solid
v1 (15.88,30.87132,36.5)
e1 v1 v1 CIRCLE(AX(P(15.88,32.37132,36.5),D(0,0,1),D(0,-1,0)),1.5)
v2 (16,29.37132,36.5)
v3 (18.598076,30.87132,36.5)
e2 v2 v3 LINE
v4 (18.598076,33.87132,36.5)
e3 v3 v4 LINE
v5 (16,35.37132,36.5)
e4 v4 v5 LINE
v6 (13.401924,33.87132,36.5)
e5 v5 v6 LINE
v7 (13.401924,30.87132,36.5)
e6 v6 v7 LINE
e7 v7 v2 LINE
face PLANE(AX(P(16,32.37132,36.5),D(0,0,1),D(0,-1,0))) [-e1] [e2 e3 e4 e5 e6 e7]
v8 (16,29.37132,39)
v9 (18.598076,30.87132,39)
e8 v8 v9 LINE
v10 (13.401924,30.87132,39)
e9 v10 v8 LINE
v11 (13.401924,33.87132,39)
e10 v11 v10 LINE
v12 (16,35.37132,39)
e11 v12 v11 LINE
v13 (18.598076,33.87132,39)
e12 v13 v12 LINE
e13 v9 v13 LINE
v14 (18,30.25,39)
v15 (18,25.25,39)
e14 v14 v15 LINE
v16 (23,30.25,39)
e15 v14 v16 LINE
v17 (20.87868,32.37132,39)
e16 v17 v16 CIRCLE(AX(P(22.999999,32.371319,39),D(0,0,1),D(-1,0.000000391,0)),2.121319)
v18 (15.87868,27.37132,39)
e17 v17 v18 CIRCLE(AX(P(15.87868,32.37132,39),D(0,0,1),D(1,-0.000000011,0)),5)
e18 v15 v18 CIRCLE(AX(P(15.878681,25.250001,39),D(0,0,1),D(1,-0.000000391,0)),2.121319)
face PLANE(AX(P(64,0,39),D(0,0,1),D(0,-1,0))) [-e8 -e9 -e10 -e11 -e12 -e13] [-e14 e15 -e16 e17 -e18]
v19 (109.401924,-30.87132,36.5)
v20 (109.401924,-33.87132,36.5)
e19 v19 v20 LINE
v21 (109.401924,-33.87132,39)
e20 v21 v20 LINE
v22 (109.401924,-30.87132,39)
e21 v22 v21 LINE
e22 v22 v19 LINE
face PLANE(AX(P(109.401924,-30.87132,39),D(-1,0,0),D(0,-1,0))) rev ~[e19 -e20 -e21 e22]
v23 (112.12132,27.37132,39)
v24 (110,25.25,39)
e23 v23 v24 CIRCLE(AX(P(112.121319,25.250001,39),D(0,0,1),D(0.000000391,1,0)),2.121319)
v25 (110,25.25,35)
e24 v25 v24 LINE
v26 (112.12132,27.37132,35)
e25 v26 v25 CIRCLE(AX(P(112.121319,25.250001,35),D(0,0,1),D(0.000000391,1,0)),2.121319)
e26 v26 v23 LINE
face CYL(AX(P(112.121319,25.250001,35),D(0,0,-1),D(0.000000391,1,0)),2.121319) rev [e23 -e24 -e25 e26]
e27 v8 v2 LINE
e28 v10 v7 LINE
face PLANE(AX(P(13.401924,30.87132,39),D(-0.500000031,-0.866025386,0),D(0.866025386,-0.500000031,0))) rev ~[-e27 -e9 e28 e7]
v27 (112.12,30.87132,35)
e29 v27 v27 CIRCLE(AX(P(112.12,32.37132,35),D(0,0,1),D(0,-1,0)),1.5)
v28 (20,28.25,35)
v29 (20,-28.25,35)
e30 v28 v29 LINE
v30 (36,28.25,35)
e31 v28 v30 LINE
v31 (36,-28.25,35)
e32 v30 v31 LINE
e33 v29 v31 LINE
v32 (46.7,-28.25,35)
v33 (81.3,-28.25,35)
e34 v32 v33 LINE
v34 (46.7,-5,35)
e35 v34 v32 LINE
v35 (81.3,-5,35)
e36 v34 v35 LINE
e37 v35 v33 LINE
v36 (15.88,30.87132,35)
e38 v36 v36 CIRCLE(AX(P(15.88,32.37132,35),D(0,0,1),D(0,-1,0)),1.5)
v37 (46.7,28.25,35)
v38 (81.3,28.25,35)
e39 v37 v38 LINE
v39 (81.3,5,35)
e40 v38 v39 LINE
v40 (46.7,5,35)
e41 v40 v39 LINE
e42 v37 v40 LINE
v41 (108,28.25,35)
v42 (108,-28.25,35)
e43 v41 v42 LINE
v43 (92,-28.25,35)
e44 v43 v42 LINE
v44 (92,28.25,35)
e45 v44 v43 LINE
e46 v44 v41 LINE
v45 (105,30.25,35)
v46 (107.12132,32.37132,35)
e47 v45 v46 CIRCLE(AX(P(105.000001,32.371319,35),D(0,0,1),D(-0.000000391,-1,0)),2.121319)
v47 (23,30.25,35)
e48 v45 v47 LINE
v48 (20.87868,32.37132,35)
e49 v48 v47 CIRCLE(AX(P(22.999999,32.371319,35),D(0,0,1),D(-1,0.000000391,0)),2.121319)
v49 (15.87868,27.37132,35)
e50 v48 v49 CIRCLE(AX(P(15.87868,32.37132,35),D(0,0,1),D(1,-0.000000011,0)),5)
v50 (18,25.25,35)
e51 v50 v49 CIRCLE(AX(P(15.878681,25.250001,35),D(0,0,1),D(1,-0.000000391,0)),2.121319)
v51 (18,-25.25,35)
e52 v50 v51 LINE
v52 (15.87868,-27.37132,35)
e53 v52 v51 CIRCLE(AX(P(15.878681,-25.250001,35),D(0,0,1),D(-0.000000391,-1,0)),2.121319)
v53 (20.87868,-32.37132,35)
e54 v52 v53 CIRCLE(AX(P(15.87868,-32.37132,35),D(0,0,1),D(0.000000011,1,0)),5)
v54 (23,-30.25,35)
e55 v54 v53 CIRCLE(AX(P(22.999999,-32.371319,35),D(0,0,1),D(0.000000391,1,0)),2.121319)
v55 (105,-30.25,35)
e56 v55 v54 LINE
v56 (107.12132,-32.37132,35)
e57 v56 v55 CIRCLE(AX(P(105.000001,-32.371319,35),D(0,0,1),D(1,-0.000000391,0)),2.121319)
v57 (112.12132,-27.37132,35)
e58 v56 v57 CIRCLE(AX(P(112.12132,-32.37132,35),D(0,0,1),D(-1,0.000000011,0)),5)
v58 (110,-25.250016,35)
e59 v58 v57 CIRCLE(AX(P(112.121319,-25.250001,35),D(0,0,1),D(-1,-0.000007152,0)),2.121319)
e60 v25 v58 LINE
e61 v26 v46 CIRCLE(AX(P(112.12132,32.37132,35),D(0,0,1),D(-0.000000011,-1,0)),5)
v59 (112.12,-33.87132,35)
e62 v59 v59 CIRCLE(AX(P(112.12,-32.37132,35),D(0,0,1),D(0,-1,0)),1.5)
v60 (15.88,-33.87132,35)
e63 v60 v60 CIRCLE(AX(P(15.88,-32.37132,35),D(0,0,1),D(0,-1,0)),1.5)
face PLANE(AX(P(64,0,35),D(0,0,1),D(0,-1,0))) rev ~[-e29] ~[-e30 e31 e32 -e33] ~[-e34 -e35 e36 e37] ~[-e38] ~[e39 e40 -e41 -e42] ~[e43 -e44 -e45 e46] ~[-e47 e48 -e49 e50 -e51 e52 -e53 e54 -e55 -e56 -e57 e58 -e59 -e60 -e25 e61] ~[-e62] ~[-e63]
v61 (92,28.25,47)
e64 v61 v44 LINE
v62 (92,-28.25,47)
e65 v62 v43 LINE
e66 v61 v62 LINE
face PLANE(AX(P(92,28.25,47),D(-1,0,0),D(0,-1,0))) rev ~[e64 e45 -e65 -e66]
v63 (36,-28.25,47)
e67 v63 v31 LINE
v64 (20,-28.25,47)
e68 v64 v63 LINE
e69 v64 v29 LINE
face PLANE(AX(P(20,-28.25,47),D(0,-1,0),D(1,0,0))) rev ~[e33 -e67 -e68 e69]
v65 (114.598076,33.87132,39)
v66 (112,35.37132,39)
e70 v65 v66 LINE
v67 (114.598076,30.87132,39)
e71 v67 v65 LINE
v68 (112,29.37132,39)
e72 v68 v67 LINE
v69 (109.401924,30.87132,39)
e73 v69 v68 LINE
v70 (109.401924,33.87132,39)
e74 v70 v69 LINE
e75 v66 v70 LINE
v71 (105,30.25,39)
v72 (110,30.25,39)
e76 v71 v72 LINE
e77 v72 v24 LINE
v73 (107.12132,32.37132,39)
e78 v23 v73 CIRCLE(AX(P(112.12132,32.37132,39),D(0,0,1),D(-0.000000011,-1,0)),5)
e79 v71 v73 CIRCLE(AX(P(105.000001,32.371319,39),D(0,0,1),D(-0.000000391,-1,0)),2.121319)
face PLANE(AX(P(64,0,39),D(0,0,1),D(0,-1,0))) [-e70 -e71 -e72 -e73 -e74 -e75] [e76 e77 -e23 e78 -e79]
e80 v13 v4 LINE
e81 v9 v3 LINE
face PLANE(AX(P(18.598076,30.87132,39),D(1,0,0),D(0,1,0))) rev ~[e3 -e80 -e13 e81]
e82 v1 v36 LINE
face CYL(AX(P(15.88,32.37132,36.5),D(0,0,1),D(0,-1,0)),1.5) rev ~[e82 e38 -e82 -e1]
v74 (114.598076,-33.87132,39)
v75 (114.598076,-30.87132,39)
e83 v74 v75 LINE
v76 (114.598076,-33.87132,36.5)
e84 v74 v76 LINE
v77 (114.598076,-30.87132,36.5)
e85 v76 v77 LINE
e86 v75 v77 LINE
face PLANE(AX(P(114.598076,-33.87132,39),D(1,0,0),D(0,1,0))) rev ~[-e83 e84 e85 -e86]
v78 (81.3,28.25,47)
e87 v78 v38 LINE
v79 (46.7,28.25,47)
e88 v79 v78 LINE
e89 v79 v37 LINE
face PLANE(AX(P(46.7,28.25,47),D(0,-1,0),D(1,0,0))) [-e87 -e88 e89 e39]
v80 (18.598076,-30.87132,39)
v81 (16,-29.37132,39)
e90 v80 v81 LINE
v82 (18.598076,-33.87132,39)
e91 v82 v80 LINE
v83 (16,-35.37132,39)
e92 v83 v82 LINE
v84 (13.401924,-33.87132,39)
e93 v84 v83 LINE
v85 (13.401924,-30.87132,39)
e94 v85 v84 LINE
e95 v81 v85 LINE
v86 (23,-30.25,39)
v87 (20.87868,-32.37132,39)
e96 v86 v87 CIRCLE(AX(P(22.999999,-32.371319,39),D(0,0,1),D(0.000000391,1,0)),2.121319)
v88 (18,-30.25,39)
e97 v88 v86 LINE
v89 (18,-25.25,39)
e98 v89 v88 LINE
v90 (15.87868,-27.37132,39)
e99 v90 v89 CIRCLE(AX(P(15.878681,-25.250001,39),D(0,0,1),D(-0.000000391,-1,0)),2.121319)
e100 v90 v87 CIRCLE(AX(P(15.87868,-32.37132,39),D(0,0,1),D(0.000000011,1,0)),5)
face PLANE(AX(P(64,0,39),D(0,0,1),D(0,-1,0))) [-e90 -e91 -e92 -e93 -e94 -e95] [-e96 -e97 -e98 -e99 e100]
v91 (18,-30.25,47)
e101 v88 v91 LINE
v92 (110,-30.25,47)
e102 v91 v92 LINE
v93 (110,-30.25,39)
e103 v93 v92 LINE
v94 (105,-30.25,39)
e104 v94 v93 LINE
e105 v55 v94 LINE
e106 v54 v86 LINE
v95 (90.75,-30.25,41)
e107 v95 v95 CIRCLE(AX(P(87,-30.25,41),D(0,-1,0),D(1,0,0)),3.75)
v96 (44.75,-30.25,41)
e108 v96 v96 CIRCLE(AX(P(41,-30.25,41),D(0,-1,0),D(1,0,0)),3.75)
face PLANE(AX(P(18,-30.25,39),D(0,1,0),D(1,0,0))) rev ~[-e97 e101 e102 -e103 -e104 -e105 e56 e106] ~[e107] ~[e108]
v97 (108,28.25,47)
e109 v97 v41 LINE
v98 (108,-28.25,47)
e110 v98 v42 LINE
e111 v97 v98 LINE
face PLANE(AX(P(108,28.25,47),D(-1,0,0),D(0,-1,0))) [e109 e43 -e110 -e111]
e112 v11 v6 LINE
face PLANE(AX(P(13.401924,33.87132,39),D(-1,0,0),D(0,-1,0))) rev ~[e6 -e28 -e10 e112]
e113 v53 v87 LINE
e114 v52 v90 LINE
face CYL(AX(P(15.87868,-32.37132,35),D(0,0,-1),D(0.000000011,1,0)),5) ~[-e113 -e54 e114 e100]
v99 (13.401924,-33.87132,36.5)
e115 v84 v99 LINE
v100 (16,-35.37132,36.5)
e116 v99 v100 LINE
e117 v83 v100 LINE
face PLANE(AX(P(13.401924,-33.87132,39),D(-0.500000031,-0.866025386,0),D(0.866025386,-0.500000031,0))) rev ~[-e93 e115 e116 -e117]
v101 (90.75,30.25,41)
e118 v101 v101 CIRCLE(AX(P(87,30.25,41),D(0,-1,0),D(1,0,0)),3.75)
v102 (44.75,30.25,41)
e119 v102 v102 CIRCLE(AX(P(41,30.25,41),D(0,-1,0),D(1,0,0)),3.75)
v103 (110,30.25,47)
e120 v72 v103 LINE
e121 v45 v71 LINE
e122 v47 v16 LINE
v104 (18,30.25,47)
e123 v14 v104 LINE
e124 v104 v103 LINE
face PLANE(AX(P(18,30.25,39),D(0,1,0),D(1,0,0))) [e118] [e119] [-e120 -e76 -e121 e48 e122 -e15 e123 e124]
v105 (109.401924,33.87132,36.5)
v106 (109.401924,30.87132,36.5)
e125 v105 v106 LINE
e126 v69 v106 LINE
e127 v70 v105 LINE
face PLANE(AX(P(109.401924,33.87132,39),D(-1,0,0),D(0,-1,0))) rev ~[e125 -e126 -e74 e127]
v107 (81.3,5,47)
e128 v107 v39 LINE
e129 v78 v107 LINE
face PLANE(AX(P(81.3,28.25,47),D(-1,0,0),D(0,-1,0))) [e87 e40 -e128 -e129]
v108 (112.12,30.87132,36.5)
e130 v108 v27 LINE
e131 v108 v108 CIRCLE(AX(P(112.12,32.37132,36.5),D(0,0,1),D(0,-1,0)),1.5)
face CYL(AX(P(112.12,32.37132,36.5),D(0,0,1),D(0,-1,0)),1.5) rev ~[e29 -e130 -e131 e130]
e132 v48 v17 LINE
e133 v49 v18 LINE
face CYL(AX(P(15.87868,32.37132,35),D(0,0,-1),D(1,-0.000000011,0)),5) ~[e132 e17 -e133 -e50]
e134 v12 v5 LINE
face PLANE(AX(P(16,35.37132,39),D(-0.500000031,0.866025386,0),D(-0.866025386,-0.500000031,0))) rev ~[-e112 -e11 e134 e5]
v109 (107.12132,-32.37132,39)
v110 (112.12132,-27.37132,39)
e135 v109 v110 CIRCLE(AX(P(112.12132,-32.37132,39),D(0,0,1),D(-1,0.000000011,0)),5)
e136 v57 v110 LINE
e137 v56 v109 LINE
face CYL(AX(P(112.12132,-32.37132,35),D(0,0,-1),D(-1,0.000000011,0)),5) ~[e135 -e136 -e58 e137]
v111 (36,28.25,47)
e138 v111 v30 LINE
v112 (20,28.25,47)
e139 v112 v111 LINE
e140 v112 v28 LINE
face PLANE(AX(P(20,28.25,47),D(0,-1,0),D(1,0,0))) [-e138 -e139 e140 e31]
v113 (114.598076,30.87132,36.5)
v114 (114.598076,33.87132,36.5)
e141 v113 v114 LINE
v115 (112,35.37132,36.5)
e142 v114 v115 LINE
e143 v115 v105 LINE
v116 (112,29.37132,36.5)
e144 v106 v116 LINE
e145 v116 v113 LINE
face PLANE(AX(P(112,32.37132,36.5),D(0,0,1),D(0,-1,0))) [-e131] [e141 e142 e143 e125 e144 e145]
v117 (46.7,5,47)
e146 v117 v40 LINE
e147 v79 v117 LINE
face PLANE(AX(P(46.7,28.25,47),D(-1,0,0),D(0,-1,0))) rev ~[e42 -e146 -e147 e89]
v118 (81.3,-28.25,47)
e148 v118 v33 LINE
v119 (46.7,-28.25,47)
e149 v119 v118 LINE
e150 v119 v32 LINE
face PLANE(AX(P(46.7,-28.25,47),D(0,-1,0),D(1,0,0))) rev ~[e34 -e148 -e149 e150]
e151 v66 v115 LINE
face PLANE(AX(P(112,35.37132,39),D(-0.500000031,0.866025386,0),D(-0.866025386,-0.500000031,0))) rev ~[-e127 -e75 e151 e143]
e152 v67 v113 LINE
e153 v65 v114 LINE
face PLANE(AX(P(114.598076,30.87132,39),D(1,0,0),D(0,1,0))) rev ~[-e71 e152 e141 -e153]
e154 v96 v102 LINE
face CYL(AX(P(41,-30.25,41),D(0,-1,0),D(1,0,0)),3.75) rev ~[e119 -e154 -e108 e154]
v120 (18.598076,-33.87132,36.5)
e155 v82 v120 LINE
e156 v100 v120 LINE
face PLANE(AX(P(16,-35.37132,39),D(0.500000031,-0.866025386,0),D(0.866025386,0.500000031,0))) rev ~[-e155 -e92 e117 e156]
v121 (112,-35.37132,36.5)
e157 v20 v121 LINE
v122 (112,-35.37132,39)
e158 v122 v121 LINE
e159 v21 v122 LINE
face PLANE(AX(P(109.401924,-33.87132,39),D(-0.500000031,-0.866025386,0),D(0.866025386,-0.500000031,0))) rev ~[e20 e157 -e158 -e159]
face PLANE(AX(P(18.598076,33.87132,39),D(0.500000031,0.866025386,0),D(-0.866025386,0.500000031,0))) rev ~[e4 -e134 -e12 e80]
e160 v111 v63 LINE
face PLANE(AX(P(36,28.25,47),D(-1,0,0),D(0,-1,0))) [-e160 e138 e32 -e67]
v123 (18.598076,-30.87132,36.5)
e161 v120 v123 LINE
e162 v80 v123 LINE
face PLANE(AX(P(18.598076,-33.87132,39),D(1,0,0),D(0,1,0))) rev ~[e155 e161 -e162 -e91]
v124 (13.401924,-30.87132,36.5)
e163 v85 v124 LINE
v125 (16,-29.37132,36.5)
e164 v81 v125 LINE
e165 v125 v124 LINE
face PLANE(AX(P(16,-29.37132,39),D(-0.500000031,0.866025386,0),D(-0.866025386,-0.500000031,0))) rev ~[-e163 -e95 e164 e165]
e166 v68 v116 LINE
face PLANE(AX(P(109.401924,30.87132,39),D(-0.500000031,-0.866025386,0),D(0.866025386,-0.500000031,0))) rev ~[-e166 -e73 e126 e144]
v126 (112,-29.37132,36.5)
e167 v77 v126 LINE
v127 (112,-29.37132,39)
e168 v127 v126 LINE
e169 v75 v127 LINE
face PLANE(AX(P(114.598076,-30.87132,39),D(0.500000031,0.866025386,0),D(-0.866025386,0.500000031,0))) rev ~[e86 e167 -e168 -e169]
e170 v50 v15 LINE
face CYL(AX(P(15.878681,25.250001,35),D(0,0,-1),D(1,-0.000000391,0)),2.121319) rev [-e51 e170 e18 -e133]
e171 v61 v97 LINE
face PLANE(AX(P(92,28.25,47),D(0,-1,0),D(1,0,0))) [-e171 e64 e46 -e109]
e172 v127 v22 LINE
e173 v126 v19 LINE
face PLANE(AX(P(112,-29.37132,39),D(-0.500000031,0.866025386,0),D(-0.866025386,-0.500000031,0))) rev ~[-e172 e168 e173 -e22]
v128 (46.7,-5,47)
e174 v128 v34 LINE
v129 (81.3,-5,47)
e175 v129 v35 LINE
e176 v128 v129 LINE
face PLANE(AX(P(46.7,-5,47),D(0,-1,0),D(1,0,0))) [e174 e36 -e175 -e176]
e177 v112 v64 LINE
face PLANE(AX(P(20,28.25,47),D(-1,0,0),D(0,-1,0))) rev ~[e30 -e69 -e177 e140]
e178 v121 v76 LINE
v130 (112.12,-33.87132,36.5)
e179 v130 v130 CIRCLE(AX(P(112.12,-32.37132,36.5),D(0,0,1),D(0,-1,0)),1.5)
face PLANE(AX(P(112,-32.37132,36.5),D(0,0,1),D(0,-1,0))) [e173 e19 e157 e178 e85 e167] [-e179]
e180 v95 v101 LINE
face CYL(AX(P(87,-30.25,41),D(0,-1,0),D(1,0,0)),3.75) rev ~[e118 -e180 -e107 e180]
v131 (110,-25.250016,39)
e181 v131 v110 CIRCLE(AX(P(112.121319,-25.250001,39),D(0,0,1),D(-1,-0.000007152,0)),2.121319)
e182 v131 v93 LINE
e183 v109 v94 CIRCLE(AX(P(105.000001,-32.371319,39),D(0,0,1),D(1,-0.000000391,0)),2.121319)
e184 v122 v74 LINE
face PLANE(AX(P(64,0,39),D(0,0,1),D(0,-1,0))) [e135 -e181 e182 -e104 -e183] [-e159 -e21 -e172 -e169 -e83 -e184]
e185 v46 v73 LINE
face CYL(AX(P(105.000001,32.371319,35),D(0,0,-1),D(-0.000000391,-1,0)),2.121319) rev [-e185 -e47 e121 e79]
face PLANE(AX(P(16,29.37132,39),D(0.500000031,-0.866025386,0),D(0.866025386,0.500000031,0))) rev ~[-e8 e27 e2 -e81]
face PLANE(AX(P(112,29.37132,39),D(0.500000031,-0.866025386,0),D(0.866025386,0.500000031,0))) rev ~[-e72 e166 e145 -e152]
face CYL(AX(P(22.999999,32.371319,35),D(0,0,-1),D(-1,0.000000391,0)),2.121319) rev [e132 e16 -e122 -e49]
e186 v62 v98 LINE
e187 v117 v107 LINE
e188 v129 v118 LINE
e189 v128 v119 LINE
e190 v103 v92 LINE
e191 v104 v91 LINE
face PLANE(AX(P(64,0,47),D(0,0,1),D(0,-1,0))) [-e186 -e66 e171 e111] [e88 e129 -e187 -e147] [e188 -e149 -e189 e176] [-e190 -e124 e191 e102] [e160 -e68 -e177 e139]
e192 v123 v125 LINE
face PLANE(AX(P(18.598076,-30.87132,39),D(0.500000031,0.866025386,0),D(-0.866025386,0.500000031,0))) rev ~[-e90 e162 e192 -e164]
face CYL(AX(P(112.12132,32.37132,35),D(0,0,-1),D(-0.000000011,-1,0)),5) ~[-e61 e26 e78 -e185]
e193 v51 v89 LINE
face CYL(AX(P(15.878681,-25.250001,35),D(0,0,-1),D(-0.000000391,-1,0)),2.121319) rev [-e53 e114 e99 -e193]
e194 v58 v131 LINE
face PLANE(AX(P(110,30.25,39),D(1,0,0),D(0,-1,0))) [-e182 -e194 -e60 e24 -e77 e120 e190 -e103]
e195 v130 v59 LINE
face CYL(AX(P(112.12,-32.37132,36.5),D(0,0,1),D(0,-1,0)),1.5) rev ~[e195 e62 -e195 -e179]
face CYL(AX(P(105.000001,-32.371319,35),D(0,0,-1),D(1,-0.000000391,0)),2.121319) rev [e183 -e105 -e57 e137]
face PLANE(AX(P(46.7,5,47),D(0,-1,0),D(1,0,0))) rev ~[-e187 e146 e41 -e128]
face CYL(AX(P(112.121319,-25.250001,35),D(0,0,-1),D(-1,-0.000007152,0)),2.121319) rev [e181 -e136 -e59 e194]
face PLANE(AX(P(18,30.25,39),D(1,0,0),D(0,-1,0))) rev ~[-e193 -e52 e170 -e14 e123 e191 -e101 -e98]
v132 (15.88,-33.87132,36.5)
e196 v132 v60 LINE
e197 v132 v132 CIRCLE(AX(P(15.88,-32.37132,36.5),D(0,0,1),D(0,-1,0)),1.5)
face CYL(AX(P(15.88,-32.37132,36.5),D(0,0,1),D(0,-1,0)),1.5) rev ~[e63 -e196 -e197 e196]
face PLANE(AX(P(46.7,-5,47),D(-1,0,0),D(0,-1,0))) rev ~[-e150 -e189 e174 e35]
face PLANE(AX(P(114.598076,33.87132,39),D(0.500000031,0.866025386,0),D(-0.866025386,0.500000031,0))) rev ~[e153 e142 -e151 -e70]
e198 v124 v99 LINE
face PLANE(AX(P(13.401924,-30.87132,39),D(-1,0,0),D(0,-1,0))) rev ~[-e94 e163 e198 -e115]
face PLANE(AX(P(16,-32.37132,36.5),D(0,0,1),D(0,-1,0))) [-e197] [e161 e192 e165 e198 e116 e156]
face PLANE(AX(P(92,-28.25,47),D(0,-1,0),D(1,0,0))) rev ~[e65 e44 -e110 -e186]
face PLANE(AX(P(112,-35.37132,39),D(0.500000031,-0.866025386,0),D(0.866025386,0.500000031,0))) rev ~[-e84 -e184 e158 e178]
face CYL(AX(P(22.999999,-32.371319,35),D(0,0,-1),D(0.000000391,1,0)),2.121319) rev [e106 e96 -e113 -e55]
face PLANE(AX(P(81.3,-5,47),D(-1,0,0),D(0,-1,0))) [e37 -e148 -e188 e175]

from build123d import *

# Parameters (mm, degrees)
PAD014_DEPTH            = 4
SKETCH052_W             = 60.5
SKETCH052_H             = 92
PAD015_DEPTH            = 8
POCKET022_DEPTH         = 2.5
SKETCH080_R             = 3.75
POCKET023_DEPTH         = 60.5
SKETCH050_W             = 56.5
SKETCH050_H             = 16
SKETCH050_W_2           = 23.25
SKETCH050_H_2           = 34.6
POCKET024_DEPTH         = 12
SKETCH053_R             = 1.5
POCKET025_DEPTH         = 1.5
BODY005_PLACEMENT_ANGLE = 270


with BuildPart() as part:
    # Sketch079 → Pad014 (new body)
    with BuildSketch(Plane.XY):
        with BuildLine():
            ThreePointArc((-27.37132, 48.12132), (-35.906854, 51.656854), (-32.37132, 43.12132))
            ThreePointArc((-30.25, 41), (-30.87132, 42.5), (-32.37132, 43.12132))
            Line((-30.25, 41), (-30.25, -41))
            ThreePointArc((-32.37132, -43.12132), (-30.87132, -42.5), (-30.25, -41))
            ThreePointArc((-32.37132, -43.12132), (-35.906854, -51.656854), (-27.37132, -48.12132))
            ThreePointArc((-25.25, -46), (-26.75, -46.62132), (-27.37132, -48.12132))
            Line((-25.25, -46), (25.25, -46))
            ThreePointArc((27.37132, -48.12132), (26.75, -46.62132), (25.25, -46))
            ThreePointArc((27.37132, -48.12132), (35.906854, -51.656854), (32.37132, -43.12132))
            ThreePointArc((30.25, -41), (30.87132, -42.5), (32.37132, -43.12132))
            Line((30.25, 41), (30.25, -41))
            ThreePointArc((32.37132, 43.12132), (30.87132, 42.5), (30.25, 41))
            ThreePointArc((32.37132, 43.12132), (35.906854, 51.656854), (27.37132, 48.12132))
            ThreePointArc((25.250016, 46), (26.750006, 46.621326), (27.37132, 48.12132))
            Line((-25.25, 46), (25.250016, 46))
            ThreePointArc((-27.37132, 48.12132), (-26.75, 46.62132), (-25.25, 46))
        make_face()
    extrude(amount=PAD014_DEPTH)

    # Sketch052 (on Face18 of Pad014) → Pad015 (join)
    with BuildSketch(Plane.XY.offset(4)):
        Rectangle(SKETCH052_W, SKETCH052_H)
    extrude(amount=PAD015_DEPTH)

    # Sketch051 (on Face4 of Pad015) → Pocket022 (cut)
    with BuildSketch(Plane.XY.offset(4)):
        Polygon((-30.87132, 50.598076), (-33.87132, 50.598076), (-35.37132, 48), (-33.87132, 45.401924), (-30.87132, 45.401924), (-29.37132, 48), align=None)
        Polygon((33.87132, 50.598076), (30.87132, 50.598076), (29.37132, 48), (30.87132, 45.401924), (33.87132, 45.401924), (35.37132, 48), align=None)
        Polygon((33.87132, -45.401924), (30.87132, -45.401924), (29.37132, -48), (30.87132, -50.598076), (33.87132, -50.598076), (35.37132, -48), align=None)
        Polygon((-30.87132, -45.401924), (-33.87132, -45.401924), (-35.37132, -48), (-33.87132, -50.598076), (-30.87132, -50.598076), (-29.37132, -48), align=None)
    extrude(amount=-POCKET022_DEPTH, mode=Mode.SUBTRACT)

    # Sketch080 (on Face9 of Pocket022) → Pocket023 (cut)
    with BuildSketch(Plane.YZ.offset(30.25)):
        with Locations((-23, 6)):
            Circle(SKETCH080_R)
        with Locations((23, 6)):
            Circle(SKETCH080_R)
    extrude(amount=-POCKET023_DEPTH, mode=Mode.SUBTRACT)

    # Sketch050 (on Face8 of Pocket023) → Pocket024 (cut)
    with BuildSketch(Plane.XY.offset(12)):
        with Locations((0, 36)):
            Rectangle(SKETCH050_W, SKETCH050_H)
        with Locations((16.625, 0)):
            Rectangle(SKETCH050_W_2, SKETCH050_H_2)
        with Locations((-16.625, 0)):
            Rectangle(SKETCH050_W_2, SKETCH050_H_2)
        with Locations((0, -36)):
            Rectangle(SKETCH050_W, SKETCH050_H)
    extrude(amount=-POCKET024_DEPTH, mode=Mode.SUBTRACT)

    # Sketch053 (on Face53 of Pocket024) → Pocket025 (cut)
    with BuildSketch(Plane.XY.offset(1.5)):
        with Locations((-32.37132, 48.12)):
            Circle(SKETCH053_R)
        with Locations((32.37132, 48.12)):
            Circle(SKETCH053_R)
        with Locations((-32.37132, -48.12)):
            Circle(SKETCH053_R)
        with Locations((32.37132, -48.12)):
            Circle(SKETCH053_R)
    extrude(amount=-POCKET025_DEPTH, mode=Mode.SUBTRACT)


with BuildPart() as part_1:
    # Body005 placement: moved
    add(part.part.moved(Location((64, 0, 35))).rotate(Axis((64, 0, 35), (0, 0, 1)), BODY005_PLACEMENT_ANGLE))


solid = part_1.part
